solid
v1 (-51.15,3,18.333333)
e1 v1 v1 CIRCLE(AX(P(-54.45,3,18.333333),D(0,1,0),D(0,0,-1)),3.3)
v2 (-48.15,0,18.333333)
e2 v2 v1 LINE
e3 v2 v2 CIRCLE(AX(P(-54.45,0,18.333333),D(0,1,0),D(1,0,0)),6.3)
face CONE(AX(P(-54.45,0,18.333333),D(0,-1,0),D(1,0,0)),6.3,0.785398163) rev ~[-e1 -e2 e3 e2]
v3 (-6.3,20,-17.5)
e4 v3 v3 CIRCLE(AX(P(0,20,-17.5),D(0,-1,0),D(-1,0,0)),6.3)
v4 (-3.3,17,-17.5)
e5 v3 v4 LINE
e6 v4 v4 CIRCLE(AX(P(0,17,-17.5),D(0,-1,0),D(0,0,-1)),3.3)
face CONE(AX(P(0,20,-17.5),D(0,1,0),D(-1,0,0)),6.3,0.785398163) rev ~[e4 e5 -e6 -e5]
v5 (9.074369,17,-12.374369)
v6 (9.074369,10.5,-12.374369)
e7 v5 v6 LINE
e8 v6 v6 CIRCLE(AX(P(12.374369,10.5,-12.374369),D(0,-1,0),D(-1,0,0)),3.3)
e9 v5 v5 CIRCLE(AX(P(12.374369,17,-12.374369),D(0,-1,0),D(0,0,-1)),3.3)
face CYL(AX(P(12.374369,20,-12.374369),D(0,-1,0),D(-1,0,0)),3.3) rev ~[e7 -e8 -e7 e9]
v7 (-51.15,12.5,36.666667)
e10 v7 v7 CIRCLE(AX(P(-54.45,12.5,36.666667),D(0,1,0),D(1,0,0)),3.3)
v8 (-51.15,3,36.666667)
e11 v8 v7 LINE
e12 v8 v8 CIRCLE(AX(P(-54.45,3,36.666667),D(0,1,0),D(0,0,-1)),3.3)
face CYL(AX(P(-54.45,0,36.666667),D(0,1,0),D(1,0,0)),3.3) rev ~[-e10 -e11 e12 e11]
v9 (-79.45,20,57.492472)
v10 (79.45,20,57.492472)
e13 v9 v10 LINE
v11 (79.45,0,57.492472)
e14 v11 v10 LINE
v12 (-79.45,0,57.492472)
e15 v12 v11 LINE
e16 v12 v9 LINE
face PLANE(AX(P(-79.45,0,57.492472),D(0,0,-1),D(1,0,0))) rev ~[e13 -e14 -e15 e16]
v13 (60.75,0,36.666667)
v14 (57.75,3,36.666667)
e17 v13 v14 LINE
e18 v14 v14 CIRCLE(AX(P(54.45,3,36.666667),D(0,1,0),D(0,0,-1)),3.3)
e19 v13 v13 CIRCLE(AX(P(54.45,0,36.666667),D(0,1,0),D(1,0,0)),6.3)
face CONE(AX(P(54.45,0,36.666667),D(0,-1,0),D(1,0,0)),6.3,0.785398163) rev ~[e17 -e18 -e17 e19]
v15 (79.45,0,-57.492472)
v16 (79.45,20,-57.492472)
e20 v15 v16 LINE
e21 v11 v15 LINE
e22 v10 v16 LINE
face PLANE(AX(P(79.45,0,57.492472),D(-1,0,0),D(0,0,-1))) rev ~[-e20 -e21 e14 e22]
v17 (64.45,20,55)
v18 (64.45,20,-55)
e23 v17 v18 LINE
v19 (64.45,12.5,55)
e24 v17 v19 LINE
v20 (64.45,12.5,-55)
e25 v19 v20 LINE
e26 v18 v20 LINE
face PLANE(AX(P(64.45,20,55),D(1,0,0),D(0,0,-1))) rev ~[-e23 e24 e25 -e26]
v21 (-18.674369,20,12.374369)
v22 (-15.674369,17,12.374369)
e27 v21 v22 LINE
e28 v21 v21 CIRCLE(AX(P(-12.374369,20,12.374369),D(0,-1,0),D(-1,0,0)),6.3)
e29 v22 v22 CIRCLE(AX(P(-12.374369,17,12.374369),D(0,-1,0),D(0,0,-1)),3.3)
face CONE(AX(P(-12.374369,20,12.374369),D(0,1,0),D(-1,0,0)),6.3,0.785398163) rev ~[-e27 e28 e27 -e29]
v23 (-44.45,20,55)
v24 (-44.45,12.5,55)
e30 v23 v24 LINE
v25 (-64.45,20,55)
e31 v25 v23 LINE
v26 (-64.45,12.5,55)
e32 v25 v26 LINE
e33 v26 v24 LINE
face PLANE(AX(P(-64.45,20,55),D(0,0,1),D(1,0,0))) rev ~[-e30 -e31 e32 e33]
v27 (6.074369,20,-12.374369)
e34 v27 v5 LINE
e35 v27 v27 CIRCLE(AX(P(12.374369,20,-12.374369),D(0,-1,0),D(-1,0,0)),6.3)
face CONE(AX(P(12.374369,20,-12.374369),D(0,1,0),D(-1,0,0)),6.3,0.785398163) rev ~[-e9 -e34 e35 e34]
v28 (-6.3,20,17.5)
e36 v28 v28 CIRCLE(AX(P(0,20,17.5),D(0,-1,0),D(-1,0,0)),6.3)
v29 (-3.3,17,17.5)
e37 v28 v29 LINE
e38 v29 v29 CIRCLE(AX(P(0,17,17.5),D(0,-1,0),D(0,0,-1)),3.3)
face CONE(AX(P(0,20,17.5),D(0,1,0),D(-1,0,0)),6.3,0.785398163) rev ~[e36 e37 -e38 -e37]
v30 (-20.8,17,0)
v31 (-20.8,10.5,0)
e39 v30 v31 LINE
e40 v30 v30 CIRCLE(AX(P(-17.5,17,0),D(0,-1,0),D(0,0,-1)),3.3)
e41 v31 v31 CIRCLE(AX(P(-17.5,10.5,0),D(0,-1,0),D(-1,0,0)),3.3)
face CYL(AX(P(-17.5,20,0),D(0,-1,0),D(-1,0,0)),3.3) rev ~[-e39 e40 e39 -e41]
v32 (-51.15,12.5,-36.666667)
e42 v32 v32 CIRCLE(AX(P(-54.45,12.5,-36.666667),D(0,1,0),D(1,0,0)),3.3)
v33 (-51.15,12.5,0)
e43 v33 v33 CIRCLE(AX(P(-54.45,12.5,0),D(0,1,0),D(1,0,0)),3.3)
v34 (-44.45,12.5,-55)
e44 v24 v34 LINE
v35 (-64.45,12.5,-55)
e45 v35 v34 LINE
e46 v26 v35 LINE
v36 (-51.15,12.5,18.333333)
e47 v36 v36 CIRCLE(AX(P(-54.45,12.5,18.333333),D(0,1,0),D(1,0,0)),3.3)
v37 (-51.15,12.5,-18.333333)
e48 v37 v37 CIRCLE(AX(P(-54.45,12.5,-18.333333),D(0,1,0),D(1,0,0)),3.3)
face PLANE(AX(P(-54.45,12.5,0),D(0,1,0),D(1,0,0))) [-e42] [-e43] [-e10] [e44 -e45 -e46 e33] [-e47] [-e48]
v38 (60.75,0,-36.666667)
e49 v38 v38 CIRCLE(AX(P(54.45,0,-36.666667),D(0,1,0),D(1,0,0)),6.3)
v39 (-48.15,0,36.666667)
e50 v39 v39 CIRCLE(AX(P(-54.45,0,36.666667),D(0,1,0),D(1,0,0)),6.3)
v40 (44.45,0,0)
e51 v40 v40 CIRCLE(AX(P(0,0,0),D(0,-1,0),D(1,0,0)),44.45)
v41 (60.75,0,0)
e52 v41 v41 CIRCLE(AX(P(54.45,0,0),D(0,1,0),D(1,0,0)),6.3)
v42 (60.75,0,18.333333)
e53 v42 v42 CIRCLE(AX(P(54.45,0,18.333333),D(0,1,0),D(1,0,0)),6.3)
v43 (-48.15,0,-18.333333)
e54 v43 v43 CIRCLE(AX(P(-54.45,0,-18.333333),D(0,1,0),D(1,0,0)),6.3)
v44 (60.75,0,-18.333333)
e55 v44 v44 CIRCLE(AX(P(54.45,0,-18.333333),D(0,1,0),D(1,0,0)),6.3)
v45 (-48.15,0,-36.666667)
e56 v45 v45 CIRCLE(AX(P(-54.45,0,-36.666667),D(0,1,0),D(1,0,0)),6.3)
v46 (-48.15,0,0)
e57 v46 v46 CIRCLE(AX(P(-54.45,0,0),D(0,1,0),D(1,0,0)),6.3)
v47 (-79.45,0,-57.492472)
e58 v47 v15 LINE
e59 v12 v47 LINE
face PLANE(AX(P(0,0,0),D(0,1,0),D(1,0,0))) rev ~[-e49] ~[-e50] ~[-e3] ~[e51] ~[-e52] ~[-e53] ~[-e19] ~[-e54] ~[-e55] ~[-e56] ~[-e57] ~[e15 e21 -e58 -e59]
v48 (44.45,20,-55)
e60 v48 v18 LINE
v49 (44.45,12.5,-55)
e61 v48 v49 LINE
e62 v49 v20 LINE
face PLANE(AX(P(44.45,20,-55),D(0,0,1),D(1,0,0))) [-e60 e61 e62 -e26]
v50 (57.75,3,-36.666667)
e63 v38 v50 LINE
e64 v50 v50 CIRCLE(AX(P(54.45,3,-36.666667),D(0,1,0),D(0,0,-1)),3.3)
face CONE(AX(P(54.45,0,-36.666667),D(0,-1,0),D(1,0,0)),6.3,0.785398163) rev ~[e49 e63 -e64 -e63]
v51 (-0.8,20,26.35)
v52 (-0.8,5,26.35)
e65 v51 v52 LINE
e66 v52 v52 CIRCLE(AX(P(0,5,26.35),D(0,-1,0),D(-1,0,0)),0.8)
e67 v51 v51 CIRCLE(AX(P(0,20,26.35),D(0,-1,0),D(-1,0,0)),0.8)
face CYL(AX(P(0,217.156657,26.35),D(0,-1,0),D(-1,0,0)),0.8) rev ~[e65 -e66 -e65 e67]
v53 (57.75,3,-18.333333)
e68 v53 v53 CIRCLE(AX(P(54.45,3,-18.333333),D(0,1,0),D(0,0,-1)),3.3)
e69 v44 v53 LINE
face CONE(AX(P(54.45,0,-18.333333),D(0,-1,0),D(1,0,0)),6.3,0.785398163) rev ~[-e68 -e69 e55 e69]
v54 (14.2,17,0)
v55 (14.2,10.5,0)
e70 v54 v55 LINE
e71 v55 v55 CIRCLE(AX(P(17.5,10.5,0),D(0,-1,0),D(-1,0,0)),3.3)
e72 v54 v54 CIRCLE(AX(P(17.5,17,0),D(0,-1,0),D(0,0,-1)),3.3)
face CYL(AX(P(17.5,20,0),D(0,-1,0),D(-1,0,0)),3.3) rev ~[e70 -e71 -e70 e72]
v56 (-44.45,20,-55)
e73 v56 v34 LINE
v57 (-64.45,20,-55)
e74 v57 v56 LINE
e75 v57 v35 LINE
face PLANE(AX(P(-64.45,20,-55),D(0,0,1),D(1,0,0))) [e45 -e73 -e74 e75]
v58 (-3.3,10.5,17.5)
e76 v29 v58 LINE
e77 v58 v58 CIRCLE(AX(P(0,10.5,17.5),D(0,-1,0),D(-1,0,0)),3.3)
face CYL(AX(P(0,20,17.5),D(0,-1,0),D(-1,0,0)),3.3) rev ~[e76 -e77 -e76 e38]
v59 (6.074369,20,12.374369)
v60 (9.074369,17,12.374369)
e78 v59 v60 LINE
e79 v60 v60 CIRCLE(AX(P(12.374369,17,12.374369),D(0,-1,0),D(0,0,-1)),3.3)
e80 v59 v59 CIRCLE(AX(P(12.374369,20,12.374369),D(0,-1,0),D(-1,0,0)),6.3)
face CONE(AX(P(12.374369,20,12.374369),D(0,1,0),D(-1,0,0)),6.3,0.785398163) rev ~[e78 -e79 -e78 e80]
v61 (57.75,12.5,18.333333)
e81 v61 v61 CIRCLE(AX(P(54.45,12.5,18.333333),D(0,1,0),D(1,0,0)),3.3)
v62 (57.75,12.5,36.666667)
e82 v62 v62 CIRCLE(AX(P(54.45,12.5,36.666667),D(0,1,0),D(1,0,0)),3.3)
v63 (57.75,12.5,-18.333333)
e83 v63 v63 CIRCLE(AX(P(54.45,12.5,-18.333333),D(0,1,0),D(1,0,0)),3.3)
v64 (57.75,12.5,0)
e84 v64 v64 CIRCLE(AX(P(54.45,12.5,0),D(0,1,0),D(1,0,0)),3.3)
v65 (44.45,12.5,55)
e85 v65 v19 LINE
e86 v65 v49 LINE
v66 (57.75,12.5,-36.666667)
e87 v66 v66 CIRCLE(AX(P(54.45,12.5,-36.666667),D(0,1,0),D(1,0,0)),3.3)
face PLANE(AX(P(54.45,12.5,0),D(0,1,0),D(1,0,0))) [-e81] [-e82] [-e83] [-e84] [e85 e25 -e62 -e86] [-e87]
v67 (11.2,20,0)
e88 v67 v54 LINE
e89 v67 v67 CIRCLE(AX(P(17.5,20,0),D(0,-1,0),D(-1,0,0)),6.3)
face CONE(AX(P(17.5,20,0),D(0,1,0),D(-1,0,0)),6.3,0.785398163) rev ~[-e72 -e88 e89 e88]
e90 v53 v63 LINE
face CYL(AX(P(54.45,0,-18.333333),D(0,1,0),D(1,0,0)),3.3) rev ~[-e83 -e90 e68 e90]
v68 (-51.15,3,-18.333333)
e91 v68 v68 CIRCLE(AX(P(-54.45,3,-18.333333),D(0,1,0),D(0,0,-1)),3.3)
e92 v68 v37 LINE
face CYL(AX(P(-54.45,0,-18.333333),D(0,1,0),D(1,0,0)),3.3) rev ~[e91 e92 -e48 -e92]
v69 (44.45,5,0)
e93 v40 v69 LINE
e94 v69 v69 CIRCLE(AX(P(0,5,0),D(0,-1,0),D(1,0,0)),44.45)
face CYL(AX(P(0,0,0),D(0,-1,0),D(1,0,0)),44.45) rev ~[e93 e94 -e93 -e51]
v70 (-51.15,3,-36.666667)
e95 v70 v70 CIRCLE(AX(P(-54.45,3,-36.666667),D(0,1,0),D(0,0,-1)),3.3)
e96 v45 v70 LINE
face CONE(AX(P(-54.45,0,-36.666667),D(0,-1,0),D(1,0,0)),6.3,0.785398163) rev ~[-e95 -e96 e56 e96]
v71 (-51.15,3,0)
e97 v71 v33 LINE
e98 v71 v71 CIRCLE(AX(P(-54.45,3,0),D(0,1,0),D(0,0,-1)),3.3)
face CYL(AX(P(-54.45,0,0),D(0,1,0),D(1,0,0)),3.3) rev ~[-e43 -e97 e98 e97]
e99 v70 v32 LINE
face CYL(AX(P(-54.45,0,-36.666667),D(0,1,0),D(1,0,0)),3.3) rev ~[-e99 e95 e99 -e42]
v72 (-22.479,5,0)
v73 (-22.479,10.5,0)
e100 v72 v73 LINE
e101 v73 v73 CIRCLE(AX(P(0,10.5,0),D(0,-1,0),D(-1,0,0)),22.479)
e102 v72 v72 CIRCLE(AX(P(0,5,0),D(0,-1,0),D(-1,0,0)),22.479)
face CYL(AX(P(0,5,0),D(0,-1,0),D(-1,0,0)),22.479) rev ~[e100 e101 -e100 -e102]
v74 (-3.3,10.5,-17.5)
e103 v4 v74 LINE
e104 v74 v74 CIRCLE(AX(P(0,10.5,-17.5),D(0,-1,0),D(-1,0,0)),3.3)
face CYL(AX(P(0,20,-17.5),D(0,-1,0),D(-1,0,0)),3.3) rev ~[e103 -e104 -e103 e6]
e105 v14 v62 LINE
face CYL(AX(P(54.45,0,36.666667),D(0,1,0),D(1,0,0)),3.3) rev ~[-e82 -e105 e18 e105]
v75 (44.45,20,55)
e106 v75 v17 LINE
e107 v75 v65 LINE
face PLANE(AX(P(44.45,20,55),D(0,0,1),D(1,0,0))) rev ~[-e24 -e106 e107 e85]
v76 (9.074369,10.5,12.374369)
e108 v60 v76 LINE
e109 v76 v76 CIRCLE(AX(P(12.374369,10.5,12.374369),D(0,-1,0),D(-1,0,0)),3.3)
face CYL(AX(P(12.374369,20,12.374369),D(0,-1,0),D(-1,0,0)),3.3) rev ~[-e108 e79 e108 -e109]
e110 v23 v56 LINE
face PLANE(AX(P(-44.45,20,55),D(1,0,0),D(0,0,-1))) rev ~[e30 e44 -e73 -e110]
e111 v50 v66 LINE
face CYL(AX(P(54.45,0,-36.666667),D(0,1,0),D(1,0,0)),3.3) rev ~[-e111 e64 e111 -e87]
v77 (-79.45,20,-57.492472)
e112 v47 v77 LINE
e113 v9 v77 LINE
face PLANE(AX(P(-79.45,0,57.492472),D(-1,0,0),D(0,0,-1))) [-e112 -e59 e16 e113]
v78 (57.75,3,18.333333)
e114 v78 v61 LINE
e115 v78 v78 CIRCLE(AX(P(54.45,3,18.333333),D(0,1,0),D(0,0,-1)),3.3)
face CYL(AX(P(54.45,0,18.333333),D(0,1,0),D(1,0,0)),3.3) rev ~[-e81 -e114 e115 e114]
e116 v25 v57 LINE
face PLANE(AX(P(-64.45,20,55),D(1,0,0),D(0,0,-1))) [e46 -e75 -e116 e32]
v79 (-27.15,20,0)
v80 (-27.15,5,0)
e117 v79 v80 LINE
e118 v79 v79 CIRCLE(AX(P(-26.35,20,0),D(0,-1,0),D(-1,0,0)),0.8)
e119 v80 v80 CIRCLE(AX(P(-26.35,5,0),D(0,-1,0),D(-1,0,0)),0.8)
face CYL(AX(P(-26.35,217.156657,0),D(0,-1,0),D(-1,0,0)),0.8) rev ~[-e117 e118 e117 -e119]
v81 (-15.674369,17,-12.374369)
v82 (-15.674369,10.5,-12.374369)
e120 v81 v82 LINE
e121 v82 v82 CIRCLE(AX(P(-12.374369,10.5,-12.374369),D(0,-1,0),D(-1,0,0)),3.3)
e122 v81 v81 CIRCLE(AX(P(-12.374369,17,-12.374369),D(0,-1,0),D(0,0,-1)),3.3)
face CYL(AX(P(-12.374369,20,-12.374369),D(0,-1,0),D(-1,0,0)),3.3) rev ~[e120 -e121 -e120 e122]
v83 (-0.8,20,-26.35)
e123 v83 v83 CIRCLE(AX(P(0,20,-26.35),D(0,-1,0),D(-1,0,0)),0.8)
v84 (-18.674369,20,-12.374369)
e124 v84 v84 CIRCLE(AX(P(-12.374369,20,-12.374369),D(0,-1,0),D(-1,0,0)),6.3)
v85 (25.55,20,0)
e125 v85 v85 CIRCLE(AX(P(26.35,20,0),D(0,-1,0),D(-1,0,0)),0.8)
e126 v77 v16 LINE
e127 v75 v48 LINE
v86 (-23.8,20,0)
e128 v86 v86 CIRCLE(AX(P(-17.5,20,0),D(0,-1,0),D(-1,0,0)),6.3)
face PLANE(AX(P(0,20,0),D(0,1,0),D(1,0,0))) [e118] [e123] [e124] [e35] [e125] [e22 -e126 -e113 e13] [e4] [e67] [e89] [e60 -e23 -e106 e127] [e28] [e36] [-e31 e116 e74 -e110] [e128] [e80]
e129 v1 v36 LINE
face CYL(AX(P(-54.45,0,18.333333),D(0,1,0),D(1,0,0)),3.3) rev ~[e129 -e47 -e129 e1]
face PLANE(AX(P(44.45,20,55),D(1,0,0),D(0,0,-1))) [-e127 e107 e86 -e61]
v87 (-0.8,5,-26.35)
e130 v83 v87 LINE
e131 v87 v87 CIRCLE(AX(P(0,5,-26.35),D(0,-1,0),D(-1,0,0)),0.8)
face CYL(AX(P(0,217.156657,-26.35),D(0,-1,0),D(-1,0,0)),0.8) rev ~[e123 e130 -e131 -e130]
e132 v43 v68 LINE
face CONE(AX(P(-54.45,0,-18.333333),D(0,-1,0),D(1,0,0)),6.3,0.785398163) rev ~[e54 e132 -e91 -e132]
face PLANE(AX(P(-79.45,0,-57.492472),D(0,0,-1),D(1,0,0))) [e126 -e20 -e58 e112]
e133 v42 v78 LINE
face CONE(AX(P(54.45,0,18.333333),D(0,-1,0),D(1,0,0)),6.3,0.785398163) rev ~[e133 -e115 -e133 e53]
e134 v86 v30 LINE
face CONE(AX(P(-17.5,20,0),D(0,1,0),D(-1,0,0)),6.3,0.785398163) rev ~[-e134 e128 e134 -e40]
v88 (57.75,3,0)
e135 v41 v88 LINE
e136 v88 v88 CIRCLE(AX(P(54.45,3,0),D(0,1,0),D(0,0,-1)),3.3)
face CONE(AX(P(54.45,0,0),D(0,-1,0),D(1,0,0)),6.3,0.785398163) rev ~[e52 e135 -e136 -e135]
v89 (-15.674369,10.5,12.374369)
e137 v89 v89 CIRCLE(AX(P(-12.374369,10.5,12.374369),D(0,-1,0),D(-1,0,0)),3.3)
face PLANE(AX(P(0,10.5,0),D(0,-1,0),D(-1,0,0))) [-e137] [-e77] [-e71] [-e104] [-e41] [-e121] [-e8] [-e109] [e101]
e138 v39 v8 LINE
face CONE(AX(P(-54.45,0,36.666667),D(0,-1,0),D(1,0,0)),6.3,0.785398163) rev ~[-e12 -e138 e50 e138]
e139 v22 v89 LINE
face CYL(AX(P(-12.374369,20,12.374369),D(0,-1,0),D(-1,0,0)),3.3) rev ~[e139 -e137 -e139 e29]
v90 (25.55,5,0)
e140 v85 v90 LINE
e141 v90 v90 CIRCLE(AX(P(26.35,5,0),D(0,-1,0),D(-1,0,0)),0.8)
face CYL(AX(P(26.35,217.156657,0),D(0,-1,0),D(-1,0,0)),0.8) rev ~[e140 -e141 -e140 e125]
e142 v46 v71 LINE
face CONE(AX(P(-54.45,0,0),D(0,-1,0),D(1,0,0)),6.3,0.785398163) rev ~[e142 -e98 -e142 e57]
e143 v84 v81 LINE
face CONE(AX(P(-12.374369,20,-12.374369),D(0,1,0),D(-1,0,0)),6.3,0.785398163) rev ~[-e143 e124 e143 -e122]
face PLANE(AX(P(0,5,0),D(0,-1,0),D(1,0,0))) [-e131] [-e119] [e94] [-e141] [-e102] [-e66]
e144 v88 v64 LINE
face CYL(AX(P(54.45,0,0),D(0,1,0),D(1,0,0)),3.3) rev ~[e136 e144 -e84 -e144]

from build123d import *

# Parameters (mm, degrees)
SKETCH1_W                                       = 158.9
SKETCH1_H                                       = 114.98494382
BOSS_EXTRUDE1_DEPTH                             = 20
SKETCH2_R                                       = 44.45
CUT_EXTRUDE1_DEPTH                              = 5
SKETCH3_R                                       = 22.479
CUT_EXTRUDE2_DEPTH                              = 5.5
CSK_FOR_M6_FLAT_HEAD_MACHINE_SCREW1_D           = 6.6
CSK_FOR_M6_FLAT_HEAD_MACHINE_SCREW1_CSINK_D     = 12.6
CSK_FOR_M6_FLAT_HEAD_MACHINE_SCREW1_CSINK_ANGLE = 90
TAP_DRILL_FOR_M2X0_4_TAP1_D                     = 1.6
SKETCH18_W                                      = 20
SKETCH18_H                                      = 110
CUT_EXTRUDE3_DEPTH                              = 7.5
CSK_FOR_M6_FLAT_HEAD_MACHINE_SCREW2_D           = 6.6
CSK_FOR_M6_FLAT_HEAD_MACHINE_SCREW2_DEPTH       = 20
CSK_FOR_M6_FLAT_HEAD_MACHINE_SCREW2_CSINK_D     = 12.6
CSK_FOR_M6_FLAT_HEAD_MACHINE_SCREW2_CSINK_ANGLE = 90
CSK_FOR_M6_FLAT_HEAD_MACHINE_SCREW2_TIP         = 1.982840043


with BuildPart() as part:
    # Sketch1 → Boss-Extrude1 (new body)
    with BuildSketch(Plane(origin=(0, 0, 0), x_dir=(1, 0, 0), z_dir=(0, 1, 0))):
        Rectangle(SKETCH1_W, SKETCH1_H)
    extrude(amount=BOSS_EXTRUDE1_DEPTH)

    # Sketch2 → Cut-Extrude1 (cut)
    with BuildSketch(Plane.XZ):
        Circle(SKETCH2_R)
    extrude(amount=-CUT_EXTRUDE1_DEPTH, mode=Mode.SUBTRACT)

    # Sketch3 → Cut-Extrude2 (cut)
    with BuildSketch(Plane(origin=(0, 5, 0), x_dir=(-1, 0, 0), z_dir=(0, -1, 0))):
        Circle(SKETCH3_R)
    extrude(amount=-CUT_EXTRUDE2_DEPTH, mode=Mode.SUBTRACT)

    # CSK for M6 Flat Head Machine Screw1 (through all)
    with Locations(Plane(origin=(0, 20, 0), x_dir=(1, 0, 0), z_dir=(0, 1, 0))):
        with Locations((-17.5, 0), (-12.374368671, 12.374368671), (0, 17.5), (12.374368671, 12.374368671), (17.5, 0), (12.374368671, -12.374368671), (0, -17.5), (-12.374368671, -12.374368671)):
            CounterSinkHole(CSK_FOR_M6_FLAT_HEAD_MACHINE_SCREW1_D / 2, CSK_FOR_M6_FLAT_HEAD_MACHINE_SCREW1_CSINK_D / 2, counter_sink_angle=CSK_FOR_M6_FLAT_HEAD_MACHINE_SCREW1_CSINK_ANGLE)

    # Tap Drill for M2x0.4 Tap1 (through all)
    with Locations(Plane(origin=(0, 20, 0), x_dir=(1, 0, 0), z_dir=(0, 1, 0))):
        with Locations((-26.35, 0), (0, 26.35), (0, -26.35), (26.35, 0)):
            Hole(TAP_DRILL_FOR_M2X0_4_TAP1_D / 2)

    # Sketch18 → Cut-Extrude3 (cut)
    with BuildSketch(Plane(origin=(0, 20, 0), x_dir=(1, 0, 0), z_dir=(0, 1, 0))):
        with Locations((-54.45, 0)):
            Rectangle(SKETCH18_W, SKETCH18_H)
        with Locations((54.45, 0)):
            Rectangle(SKETCH18_W, SKETCH18_H)
    extrude(amount=-CUT_EXTRUDE3_DEPTH, mode=Mode.SUBTRACT)

    # CSK for M6 Flat Head Machine Screw2
    with Locations(Plane(origin=(0, 0, 0), x_dir=(-1, 0, 0), z_dir=(0, -1, 0))):
        with Locations((54.45, -36.666666667), (54.45, -18.333333333), (54.45, 0), (54.45, 18.333333333), (54.45, 36.666666667), (-54.45, 36.666666667), (-54.45, 18.333333333), (-54.45, 0), (-54.45, -18.333333333), (-54.45, -36.666666667)):
            CounterSinkHole(CSK_FOR_M6_FLAT_HEAD_MACHINE_SCREW2_D / 2, CSK_FOR_M6_FLAT_HEAD_MACHINE_SCREW2_CSINK_D / 2, depth=CSK_FOR_M6_FLAT_HEAD_MACHINE_SCREW2_DEPTH, counter_sink_angle=CSK_FOR_M6_FLAT_HEAD_MACHINE_SCREW2_CSINK_ANGLE)
            with Locations((0, 0, -(CSK_FOR_M6_FLAT_HEAD_MACHINE_SCREW2_DEPTH + CSK_FOR_M6_FLAT_HEAD_MACHINE_SCREW2_TIP / 2))):  # 118° drill point
                Cone(0, CSK_FOR_M6_FLAT_HEAD_MACHINE_SCREW2_D / 2, CSK_FOR_M6_FLAT_HEAD_MACHINE_SCREW2_TIP, mode=Mode.SUBTRACT)


solid = part.part
